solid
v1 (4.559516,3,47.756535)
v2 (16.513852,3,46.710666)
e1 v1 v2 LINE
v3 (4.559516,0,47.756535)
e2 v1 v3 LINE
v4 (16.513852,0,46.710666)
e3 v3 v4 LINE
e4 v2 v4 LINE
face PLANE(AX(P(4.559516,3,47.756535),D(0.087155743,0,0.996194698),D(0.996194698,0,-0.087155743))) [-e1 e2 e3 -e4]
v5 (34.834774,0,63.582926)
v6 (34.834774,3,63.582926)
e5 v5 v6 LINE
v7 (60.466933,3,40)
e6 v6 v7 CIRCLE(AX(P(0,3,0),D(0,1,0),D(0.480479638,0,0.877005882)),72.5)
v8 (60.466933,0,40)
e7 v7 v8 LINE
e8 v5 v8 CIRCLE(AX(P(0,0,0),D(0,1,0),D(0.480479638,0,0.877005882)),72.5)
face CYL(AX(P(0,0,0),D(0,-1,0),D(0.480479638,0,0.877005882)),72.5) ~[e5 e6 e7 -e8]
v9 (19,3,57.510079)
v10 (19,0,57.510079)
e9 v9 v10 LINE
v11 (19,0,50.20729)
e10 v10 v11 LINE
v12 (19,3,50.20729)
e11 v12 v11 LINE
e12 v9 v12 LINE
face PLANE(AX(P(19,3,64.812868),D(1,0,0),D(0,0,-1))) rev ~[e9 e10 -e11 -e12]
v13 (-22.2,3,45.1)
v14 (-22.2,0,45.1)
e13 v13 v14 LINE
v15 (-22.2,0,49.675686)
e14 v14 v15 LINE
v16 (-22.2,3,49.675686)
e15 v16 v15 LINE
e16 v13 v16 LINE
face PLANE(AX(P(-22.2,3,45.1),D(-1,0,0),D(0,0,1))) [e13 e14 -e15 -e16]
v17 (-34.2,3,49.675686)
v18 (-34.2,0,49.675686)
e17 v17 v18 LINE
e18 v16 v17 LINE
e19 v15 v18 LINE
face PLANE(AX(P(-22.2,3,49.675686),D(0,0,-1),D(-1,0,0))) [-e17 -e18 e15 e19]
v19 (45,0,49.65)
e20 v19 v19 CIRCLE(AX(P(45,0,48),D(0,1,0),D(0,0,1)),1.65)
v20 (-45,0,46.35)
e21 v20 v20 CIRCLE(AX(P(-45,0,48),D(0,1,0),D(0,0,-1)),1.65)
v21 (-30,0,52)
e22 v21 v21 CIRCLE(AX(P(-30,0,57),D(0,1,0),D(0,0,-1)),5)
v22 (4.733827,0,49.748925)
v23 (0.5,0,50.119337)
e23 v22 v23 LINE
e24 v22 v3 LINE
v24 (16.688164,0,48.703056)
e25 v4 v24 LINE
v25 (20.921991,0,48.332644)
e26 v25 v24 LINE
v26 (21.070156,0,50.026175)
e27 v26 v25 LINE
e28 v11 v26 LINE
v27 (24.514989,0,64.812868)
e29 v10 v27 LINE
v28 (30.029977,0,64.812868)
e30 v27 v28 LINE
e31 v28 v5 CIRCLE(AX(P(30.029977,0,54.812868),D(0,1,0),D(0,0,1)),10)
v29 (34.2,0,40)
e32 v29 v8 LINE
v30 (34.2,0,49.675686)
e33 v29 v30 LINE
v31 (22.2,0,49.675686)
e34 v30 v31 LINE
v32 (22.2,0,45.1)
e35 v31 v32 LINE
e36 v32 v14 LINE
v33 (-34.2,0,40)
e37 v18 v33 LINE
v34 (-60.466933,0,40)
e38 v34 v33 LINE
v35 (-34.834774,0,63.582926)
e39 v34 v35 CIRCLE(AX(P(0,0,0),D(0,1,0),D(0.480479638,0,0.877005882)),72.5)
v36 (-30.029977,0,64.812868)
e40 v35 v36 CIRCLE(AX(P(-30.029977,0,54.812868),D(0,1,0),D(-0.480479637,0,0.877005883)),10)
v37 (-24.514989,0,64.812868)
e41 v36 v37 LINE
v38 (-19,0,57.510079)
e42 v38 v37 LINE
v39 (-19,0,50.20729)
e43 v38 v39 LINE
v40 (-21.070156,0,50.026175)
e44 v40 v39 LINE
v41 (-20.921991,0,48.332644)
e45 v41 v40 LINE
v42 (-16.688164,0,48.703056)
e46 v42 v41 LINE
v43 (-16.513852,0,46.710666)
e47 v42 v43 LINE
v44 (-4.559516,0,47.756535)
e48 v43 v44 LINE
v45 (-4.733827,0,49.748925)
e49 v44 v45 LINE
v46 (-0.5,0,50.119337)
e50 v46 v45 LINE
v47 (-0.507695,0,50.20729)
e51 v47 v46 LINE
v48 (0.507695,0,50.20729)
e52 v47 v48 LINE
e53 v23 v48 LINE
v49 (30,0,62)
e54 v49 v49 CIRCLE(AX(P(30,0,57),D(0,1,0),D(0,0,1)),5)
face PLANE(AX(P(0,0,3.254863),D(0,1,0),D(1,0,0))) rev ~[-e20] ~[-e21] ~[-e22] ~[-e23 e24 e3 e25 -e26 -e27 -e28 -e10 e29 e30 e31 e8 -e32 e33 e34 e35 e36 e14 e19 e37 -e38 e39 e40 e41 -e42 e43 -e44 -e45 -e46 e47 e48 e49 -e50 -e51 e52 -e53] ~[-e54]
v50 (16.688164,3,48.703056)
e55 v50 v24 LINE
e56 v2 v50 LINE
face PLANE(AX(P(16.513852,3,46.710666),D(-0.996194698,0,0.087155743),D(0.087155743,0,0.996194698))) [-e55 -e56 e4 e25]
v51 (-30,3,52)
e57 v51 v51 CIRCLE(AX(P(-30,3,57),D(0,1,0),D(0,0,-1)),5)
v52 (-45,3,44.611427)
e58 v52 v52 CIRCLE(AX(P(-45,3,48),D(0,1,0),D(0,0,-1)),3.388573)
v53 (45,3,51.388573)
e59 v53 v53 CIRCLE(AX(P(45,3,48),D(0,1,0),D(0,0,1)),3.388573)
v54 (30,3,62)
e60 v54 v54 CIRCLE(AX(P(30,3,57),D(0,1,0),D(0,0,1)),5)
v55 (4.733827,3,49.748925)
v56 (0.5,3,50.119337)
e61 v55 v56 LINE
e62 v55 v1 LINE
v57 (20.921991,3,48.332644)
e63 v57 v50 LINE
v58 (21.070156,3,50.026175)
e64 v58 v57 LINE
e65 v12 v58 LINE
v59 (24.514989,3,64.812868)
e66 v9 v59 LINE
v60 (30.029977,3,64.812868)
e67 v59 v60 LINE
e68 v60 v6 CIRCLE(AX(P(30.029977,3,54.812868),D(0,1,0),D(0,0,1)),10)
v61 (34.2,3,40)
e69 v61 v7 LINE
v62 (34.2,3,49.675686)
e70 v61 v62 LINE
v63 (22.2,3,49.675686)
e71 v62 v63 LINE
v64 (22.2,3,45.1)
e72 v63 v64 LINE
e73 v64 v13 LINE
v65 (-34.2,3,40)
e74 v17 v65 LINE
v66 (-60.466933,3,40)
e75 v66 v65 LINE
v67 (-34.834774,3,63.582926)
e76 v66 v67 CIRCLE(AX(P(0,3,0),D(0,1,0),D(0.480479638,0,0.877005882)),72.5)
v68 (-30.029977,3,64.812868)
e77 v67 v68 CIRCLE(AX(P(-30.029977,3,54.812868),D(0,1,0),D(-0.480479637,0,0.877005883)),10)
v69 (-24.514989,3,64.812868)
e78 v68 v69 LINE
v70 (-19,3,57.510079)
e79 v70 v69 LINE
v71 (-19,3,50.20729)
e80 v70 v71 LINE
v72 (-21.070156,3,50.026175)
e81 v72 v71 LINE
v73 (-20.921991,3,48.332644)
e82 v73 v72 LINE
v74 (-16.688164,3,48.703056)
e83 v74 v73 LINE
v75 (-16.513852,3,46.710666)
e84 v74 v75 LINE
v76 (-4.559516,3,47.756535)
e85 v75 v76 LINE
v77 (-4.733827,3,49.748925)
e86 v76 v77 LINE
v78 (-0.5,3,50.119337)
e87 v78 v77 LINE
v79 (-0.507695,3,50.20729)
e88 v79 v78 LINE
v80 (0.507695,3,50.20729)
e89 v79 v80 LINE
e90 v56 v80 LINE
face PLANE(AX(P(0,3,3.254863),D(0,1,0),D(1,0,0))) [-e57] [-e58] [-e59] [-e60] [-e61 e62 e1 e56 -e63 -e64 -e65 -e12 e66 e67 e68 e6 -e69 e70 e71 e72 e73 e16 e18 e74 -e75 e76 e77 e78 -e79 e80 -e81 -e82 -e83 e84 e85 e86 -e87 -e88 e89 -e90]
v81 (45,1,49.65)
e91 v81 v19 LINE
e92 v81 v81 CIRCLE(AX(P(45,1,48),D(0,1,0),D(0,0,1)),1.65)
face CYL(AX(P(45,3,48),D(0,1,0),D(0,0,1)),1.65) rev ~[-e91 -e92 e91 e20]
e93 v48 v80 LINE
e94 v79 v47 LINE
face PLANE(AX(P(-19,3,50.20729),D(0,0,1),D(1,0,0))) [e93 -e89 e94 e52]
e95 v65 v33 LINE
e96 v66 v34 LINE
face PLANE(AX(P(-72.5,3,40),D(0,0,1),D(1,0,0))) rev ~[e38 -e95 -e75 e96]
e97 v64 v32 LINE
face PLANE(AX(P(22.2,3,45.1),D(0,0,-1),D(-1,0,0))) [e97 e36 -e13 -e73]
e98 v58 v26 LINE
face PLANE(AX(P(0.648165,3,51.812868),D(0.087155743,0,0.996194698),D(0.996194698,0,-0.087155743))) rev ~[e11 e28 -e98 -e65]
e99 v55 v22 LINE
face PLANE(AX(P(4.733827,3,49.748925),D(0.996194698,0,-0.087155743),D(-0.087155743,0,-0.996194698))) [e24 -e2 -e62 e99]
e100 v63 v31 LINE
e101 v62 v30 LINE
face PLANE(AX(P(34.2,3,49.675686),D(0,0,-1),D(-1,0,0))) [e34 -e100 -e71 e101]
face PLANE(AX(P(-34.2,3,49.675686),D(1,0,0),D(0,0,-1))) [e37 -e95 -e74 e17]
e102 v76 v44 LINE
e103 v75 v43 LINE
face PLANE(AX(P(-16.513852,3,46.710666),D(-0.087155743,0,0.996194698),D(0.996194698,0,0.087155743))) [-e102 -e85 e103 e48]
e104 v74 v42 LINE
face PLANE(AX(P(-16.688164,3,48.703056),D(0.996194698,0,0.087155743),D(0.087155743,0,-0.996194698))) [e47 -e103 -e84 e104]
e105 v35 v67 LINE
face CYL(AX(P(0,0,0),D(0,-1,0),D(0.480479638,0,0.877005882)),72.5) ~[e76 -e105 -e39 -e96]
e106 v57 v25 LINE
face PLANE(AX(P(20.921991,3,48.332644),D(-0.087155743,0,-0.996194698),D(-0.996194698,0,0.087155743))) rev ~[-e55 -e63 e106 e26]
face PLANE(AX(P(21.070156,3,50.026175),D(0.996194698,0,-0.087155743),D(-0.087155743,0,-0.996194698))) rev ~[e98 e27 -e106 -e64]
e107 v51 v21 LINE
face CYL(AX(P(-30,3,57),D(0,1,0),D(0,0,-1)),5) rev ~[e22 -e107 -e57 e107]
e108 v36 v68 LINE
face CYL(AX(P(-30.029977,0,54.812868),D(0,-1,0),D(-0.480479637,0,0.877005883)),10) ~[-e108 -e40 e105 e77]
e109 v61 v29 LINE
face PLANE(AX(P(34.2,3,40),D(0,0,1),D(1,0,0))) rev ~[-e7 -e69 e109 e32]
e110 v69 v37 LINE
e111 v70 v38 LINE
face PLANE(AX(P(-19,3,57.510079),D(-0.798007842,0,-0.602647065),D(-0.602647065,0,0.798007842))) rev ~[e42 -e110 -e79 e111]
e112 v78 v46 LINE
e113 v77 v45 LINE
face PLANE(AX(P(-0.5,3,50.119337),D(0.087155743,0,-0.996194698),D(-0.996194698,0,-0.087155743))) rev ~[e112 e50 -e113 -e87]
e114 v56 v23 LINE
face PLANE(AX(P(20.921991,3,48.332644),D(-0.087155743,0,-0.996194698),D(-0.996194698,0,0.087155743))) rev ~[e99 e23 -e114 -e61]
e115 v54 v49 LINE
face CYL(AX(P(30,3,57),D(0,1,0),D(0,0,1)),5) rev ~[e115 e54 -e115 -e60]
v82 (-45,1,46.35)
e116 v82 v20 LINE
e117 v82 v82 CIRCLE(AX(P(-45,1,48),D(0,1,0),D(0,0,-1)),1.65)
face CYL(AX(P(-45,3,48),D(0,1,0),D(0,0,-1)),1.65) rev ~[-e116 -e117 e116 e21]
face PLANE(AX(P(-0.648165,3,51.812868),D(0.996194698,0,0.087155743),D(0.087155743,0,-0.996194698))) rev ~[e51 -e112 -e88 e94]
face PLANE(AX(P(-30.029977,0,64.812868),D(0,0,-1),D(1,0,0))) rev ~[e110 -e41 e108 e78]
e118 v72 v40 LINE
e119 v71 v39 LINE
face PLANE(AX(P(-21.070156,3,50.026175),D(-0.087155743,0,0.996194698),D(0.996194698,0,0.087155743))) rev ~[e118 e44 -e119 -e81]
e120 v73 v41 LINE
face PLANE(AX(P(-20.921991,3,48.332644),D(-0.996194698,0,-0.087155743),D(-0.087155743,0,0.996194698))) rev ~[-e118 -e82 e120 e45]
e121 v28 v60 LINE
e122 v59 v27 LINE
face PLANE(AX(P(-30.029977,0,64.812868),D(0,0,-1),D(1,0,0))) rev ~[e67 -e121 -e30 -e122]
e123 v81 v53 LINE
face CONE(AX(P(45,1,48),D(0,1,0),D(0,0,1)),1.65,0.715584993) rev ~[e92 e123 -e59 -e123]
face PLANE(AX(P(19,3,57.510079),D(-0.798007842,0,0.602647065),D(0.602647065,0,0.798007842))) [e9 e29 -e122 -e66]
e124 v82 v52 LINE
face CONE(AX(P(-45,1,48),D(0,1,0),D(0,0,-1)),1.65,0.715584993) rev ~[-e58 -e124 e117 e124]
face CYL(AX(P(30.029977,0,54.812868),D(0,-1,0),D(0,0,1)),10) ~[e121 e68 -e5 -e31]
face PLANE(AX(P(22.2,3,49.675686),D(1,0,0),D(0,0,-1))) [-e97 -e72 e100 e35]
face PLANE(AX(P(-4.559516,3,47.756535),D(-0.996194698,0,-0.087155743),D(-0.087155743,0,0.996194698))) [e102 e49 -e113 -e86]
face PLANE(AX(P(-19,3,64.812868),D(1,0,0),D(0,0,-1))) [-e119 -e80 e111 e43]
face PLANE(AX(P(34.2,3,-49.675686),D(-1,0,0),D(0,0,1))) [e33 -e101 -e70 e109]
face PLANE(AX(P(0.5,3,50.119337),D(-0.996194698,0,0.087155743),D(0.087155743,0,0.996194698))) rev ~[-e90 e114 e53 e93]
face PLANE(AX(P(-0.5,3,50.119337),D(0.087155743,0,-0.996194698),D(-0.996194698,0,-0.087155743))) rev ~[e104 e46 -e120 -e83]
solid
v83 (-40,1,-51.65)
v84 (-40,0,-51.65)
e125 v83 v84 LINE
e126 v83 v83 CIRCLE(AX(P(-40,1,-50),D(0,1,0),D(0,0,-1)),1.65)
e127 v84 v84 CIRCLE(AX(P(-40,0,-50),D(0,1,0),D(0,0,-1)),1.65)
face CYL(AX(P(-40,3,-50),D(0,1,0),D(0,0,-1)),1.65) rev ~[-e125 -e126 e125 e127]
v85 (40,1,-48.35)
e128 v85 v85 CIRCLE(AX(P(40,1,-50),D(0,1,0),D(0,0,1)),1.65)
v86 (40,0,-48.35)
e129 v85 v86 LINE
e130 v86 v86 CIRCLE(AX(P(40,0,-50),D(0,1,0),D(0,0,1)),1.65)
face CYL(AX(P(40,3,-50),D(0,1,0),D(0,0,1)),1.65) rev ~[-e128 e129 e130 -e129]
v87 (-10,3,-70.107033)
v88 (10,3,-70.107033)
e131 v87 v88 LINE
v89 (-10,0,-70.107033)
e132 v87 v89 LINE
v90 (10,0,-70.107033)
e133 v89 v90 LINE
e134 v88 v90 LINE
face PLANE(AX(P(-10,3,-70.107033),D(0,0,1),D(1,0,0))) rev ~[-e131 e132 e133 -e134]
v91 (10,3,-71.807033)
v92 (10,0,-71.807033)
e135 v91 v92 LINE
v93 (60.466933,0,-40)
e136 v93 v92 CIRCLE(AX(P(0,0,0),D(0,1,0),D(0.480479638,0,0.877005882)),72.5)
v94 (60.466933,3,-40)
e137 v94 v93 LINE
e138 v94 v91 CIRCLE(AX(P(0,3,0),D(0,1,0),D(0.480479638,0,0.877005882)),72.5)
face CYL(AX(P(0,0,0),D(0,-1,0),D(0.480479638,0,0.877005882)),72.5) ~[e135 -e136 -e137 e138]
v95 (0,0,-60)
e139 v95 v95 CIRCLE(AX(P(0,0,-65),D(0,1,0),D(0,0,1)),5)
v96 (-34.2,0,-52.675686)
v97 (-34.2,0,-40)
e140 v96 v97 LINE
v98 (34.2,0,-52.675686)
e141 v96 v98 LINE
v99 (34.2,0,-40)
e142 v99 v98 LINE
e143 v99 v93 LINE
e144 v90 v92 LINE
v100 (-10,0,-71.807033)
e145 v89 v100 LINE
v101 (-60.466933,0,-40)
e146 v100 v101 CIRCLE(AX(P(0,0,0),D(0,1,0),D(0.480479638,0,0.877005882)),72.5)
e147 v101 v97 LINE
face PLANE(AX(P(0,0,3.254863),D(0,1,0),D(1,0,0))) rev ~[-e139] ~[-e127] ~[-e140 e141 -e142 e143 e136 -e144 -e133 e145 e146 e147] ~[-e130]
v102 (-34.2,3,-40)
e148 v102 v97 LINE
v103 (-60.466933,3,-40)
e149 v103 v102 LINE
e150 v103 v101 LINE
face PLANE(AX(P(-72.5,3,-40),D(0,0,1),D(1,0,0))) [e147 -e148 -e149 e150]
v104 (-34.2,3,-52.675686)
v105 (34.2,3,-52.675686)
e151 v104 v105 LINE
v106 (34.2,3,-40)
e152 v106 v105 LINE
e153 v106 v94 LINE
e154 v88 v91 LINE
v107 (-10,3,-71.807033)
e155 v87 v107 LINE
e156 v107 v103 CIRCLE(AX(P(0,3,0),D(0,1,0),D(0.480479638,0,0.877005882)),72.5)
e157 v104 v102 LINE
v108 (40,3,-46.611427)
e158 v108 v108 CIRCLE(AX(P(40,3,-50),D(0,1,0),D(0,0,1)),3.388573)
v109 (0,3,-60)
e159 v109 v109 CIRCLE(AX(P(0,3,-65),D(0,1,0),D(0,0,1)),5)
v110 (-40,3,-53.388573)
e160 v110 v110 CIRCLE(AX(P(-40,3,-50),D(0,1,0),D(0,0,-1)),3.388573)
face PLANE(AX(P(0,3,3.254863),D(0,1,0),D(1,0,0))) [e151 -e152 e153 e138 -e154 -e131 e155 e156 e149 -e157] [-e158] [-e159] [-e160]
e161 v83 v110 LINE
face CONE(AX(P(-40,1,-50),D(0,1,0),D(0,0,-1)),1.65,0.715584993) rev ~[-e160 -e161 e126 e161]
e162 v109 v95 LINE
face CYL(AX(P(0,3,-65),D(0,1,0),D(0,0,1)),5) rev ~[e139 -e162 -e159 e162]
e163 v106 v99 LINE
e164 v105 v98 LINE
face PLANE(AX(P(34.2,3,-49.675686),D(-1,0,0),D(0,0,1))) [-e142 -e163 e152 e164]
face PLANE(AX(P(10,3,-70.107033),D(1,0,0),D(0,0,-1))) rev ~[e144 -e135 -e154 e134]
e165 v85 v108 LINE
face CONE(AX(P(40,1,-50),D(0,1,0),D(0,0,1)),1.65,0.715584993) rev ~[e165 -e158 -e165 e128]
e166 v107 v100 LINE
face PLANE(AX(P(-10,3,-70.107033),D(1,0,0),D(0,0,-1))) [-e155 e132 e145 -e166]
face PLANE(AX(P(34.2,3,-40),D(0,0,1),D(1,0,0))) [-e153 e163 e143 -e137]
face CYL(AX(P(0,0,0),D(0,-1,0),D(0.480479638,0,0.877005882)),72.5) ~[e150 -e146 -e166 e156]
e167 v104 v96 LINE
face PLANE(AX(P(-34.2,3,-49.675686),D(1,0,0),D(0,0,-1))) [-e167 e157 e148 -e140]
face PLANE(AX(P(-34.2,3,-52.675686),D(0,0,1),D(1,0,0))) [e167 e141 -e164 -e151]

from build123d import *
from OCP.BRepFilletAPI import BRepFilletAPI_MakeChamfer

# Parameters (mm, degrees)
BOSS_EXTRUDE1_DEPTH = 3
CUT_EXTRUDE1_DEPTH  = 103.574363269
SKETCH3_W           = 38.3
SKETCH3_H           = 80
CUT_EXTRUDE2_DEPTH  = 103.574363269
CUT_EXTRUDE3_DEPTH  = 95.453692358
SKETCH5_W           = 38
SKETCH5_H           = 14.605577538
CUT_EXTRUDE4_DEPTH  = 95.453692358
SKETCH6_W           = 68.4
SKETCH6_H           = 3
CUT_EXTRUDE5_DEPTH  = 95.453692358
SKETCH7_R           = 5
CUT_EXTRUDE6_DEPTH  = 95.453692358
SKETCH11_R          = 5
CUT_EXTRUDE10_DEPTH = 95.453692358
CUT_EXTRUDE11_DEPTH = 95.453692358
SKETCH14_R          = 1.65
CUT_EXTRUDE12_DEPTH = 95.453692358
SKETCH15_W          = 20
SKETCH15_H          = 1.7
CUT_EXTRUDE13_DEPTH = 10
CHAMFER1_SIZE       = 2
CHAMFER1_SIZE2      = 1.738573476
CHAMFER2_SIZE       = 2
CHAMFER2_SIZE2      = 1.738573476


with BuildPart() as part:
    # Sketch1 → Boss-Extrude1 (new body)
    with BuildSketch(Plane(origin=(0, 0, 0), x_dir=(1, 0, 0), z_dir=(0, 1, 0))):
        with BuildLine():
            Line((-30.029977361, -64.812867647), (30.029977361, -64.812867647))
            ThreePointArc((30.029977361, -64.812867647), (32.509837414, -64.500503794), (34.834773739, -63.582926471))
            ThreePointArc((34.834773739, -63.582926471), (0, 72.5), (-34.834773739, -63.582926471))
            ThreePointArc((-34.834773739, -63.582926471), (-32.509837414, -64.500503794), (-30.029977361, -64.812867647))
        make_face()
    extrude(amount=BOSS_EXTRUDE1_DEPTH)

    # Sketch2 → Cut-Extrude1 (cut, through all)
    with BuildSketch(Plane(origin=(0, 3, 0), x_dir=(1, 0, 0), z_dir=(0, 1, 0))):
        Polygon((22.2, -49.675685802), (22.2, -45.1), (-22.2, -45.1), (-22.2, -49.675685802), (-34.2, -49.675685802), (-34.2, 49.675685802), (-22.2, 49.675685802), (-22.2, 45.5), (22.2, 45.5), (22.2, 49.675685802), (34.2, 49.675685802), (34.2, -49.675685802), align=None)
    extrude(amount=-CUT_EXTRUDE1_DEPTH, mode=Mode.SUBTRACT)

    # Sketch3 → Cut-Extrude2 (cut, through all)
    with BuildSketch(Plane(origin=(0, 3, 0), x_dir=(1, 0, 0), z_dir=(0, 1, 0))):
        with Locations((-53.35, 0)):
            Rectangle(SKETCH3_W, SKETCH3_H)
        with Locations((53.35, 0)):
            Rectangle(SKETCH3_W, SKETCH3_H)
    extrude(amount=-CUT_EXTRUDE2_DEPTH, mode=Mode.SUBTRACT)


with BuildPart() as cut_extrude2_piece_1:
    # of the separate pieces the step leaves, piece 1, a body of its own (cut_extrude2_pieces)
    add(part.part.solids().sort_by_distance((60.466933112, 0, -40))[0])

    # Sketch6 → Cut-Extrude5 (cut, through all)
    with BuildSketch(Plane(origin=(0, 3, 0), x_dir=(1, 0, 0), z_dir=(0, 1, 0))):
        with Locations((0, 51.175685802)):
            Rectangle(SKETCH6_W, SKETCH6_H)
    extrude(amount=-CUT_EXTRUDE5_DEPTH, mode=Mode.SUBTRACT)


with BuildPart() as cut_extrude2_piece_2:
    # of the separate pieces the step leaves, piece 2, a body of its own (cut_extrude2_pieces)
    add(part.part.solids().sort_by_distance((-34.834773739, 0, 63.582926471))[0])

    # Sketch4 → Cut-Extrude3 (cut, through all)
    with BuildSketch(Plane(origin=(0, 3, 0), x_dir=(1, 0, 0), z_dir=(0, 1, 0))):
        Polygon((-21.070156074, -50.026174921), (-0.648164763, -51.812867647), (-0.5, -50.11933666), (-20.921991311, -48.332643934), align=None)
        Polygon((21.070156074, -50.026174921), (20.921991311, -48.332643934), (0.5, -50.11933666), (0.648164763, -51.812867647), align=None)
    extrude(amount=-CUT_EXTRUDE3_DEPTH, mode=Mode.SUBTRACT)

    # Sketch5 → Cut-Extrude4 (cut, through all)
    with BuildSketch(Plane(origin=(0, 3, 0), x_dir=(1, 0, 0), z_dir=(0, 1, 0))):
        with Locations((0, -57.510078878)):
            Rectangle(SKETCH5_W, SKETCH5_H)
        Polygon((16.688163844, -48.703055841), (4.733827467, -49.748924754), (4.559515981, -47.756535357), (16.513852358, -46.710666444), align=None)
        Polygon((-16.513852358, -46.710666444), (-4.559515981, -47.756535357), (-4.733827467, -49.748924754), (-16.688163844, -48.703055841), align=None)
    extrude(amount=-CUT_EXTRUDE4_DEPTH, mode=Mode.SUBTRACT)

    # Sketch7 → Cut-Extrude6 (cut, through all)
    with BuildSketch(Plane(origin=(0, 3, 0), x_dir=(1, 0, 0), z_dir=(0, 1, 0))):
        with Locations(Location((-30, -57, 0), (0, 0, 90))):
            Circle(SKETCH7_R)
        with Locations(Location((30, -57, 0), (0, 0, 270))):
            Circle(SKETCH7_R)
    extrude(amount=-CUT_EXTRUDE6_DEPTH, mode=Mode.SUBTRACT)

    # Sketch13 → Cut-Extrude11 (cut, through all)
    with BuildSketch(Plane(origin=(0, 3, 0), x_dir=(1, 0, 0), z_dir=(0, 1, 0))):
        Polygon((19, -57.510078878), (24.514988681, -64.812867647), (19, -64.812867647), align=None)
        Polygon((-19, -64.812867647), (-19, -57.510078878), (-24.514988681, -64.812867647), align=None)
    extrude(amount=-CUT_EXTRUDE11_DEPTH, mode=Mode.SUBTRACT)


with BuildPart() as cut_extrude5_kept_piece:
    # of the separate pieces the step leaves, the one the design keeps (cut_extrude5_pieces_kept)
    add(cut_extrude2_piece_1.part.solids().sort_by_distance((60.466933112, 0, -40))[0])

    # Sketch11 → Cut-Extrude10 (cut, through all)
    with BuildSketch(Plane(origin=(0, 3, 0), x_dir=(1, 0, 0), z_dir=(0, 1, 0))):
        with Locations(Location((0, 65, 0), (0, 0, 270))):
            Circle(SKETCH11_R)
    extrude(amount=-CUT_EXTRUDE10_DEPTH, mode=Mode.SUBTRACT)


with BuildPart() as cut_extrude12_tool:
    # Sketch14 → Cut-Extrude12 (new, through all)
    with BuildSketch(Plane(origin=(0, 3, 0), x_dir=(1, 0, 0), z_dir=(0, 1, 0))):
        with Locations(Location((45, -48, 0), (0, 0, 270))):
            Circle(SKETCH14_R)
        with Locations(Location((-45, -48, 0), (0, 0, 90))):
            Circle(SKETCH14_R)
        with Locations(Location((40, 50, 0), (0, 0, 270))):
            Circle(SKETCH14_R)
        with Locations(Location((-40, 50, 0), (0, 0, 90))):
            Circle(SKETCH14_R)
    extrude(amount=-CUT_EXTRUDE12_DEPTH)


with BuildPart() as cut_extrude2_piece_2_1:
    add(cut_extrude2_piece_2.part)

    # Cut-Extrude12: cut by cut_extrude12_tool
    add(cut_extrude12_tool.part, mode=Mode.SUBTRACT)

    # Chamfer1: one chamfer whose edges measure the first distance from different faces: ONE call of the kernel's chamfer builder (chamfer() names one face for all edges)
    chamfer1_edges_1 = [cut_extrude2_piece_2_1.edges().sort_by_distance(p)[0] for p in [
        (45, 3, 46.35),
    ]]
    chamfer1_side_1 = [cut_extrude2_piece_2_1.faces().sort_by_distance(p)[0] for p in [
        (45, 1.5, 46.35),
    ]]
    chamfer1_edges_2 = [cut_extrude2_piece_2_1.edges().sort_by_distance(p)[0] for p in [
        (-45, 3, 49.65),
    ]]
    chamfer1_side_2 = [cut_extrude2_piece_2_1.faces().sort_by_distance(p)[0] for p in [
        (-45, 1.5, 49.65),
    ]]
    chamfer1 = BRepFilletAPI_MakeChamfer(cut_extrude2_piece_2_1.part.solid().wrapped)
    for e in chamfer1_edges_1:
        chamfer1.Add(CHAMFER1_SIZE, CHAMFER1_SIZE2, e.wrapped, chamfer1_side_1[0].wrapped)  # the first distance lies on this face
    for e in chamfer1_edges_2:
        chamfer1.Add(CHAMFER1_SIZE, CHAMFER1_SIZE2, e.wrapped, chamfer1_side_2[0].wrapped)  # the first distance lies on this face
    add(Compound.cast(chamfer1.Shape()), mode=Mode.REPLACE)


with BuildPart() as cut_extrude5_kept_piece_1:
    add(cut_extrude5_kept_piece.part)

    # Cut-Extrude12: cut by cut_extrude12_tool
    add(cut_extrude12_tool.part, mode=Mode.SUBTRACT)

    # Sketch15 → Cut-Extrude13 (cut)
    with BuildSketch(Plane(origin=(0, 3, 0), x_dir=(1, 0, 0), z_dir=(0, 1, 0))):
        with Locations((0, 70.957033082)):
            Rectangle(SKETCH15_W, SKETCH15_H)
    extrude(amount=-CUT_EXTRUDE13_DEPTH, mode=Mode.SUBTRACT)


with BuildPart() as body_3:
    # of the pieces the cut leaves, the one that is kept (cut_extrude13_keep)
    add(cut_extrude5_kept_piece_1.part.solids().sort_by_distance((60.466933112, 0, -40))[0])

    # Chamfer2: one chamfer whose edges measure the first distance from different faces: ONE call of the kernel's chamfer builder (chamfer() names one face for all edges)
    chamfer2_edges_1 = [body_3.edges().sort_by_distance(p)[0] for p in [
        (-40, 3, -48.35),
    ]]
    chamfer2_side_1 = [body_3.faces().sort_by_distance(p)[0] for p in [
        (-40, 1.5, -48.35),
    ]]
    chamfer2_edges_2 = [body_3.edges().sort_by_distance(p)[0] for p in [
        (40, 3, -51.65),
    ]]
    chamfer2_side_2 = [body_3.faces().sort_by_distance(p)[0] for p in [
        (40, 1.5, -51.65),
    ]]
    chamfer2 = BRepFilletAPI_MakeChamfer(body_3.part.solid().wrapped)
    for e in chamfer2_edges_1:
        chamfer2.Add(CHAMFER2_SIZE, CHAMFER2_SIZE2, e.wrapped, chamfer2_side_1[0].wrapped)  # the first distance lies on this face
    for e in chamfer2_edges_2:
        chamfer2.Add(CHAMFER2_SIZE, CHAMFER2_SIZE2, e.wrapped, chamfer2_side_2[0].wrapped)  # the first distance lies on this face
    add(Compound.cast(chamfer2.Shape()), mode=Mode.REPLACE)


solid = Compound([cut_extrude2_piece_2_1.part, body_3.part])
